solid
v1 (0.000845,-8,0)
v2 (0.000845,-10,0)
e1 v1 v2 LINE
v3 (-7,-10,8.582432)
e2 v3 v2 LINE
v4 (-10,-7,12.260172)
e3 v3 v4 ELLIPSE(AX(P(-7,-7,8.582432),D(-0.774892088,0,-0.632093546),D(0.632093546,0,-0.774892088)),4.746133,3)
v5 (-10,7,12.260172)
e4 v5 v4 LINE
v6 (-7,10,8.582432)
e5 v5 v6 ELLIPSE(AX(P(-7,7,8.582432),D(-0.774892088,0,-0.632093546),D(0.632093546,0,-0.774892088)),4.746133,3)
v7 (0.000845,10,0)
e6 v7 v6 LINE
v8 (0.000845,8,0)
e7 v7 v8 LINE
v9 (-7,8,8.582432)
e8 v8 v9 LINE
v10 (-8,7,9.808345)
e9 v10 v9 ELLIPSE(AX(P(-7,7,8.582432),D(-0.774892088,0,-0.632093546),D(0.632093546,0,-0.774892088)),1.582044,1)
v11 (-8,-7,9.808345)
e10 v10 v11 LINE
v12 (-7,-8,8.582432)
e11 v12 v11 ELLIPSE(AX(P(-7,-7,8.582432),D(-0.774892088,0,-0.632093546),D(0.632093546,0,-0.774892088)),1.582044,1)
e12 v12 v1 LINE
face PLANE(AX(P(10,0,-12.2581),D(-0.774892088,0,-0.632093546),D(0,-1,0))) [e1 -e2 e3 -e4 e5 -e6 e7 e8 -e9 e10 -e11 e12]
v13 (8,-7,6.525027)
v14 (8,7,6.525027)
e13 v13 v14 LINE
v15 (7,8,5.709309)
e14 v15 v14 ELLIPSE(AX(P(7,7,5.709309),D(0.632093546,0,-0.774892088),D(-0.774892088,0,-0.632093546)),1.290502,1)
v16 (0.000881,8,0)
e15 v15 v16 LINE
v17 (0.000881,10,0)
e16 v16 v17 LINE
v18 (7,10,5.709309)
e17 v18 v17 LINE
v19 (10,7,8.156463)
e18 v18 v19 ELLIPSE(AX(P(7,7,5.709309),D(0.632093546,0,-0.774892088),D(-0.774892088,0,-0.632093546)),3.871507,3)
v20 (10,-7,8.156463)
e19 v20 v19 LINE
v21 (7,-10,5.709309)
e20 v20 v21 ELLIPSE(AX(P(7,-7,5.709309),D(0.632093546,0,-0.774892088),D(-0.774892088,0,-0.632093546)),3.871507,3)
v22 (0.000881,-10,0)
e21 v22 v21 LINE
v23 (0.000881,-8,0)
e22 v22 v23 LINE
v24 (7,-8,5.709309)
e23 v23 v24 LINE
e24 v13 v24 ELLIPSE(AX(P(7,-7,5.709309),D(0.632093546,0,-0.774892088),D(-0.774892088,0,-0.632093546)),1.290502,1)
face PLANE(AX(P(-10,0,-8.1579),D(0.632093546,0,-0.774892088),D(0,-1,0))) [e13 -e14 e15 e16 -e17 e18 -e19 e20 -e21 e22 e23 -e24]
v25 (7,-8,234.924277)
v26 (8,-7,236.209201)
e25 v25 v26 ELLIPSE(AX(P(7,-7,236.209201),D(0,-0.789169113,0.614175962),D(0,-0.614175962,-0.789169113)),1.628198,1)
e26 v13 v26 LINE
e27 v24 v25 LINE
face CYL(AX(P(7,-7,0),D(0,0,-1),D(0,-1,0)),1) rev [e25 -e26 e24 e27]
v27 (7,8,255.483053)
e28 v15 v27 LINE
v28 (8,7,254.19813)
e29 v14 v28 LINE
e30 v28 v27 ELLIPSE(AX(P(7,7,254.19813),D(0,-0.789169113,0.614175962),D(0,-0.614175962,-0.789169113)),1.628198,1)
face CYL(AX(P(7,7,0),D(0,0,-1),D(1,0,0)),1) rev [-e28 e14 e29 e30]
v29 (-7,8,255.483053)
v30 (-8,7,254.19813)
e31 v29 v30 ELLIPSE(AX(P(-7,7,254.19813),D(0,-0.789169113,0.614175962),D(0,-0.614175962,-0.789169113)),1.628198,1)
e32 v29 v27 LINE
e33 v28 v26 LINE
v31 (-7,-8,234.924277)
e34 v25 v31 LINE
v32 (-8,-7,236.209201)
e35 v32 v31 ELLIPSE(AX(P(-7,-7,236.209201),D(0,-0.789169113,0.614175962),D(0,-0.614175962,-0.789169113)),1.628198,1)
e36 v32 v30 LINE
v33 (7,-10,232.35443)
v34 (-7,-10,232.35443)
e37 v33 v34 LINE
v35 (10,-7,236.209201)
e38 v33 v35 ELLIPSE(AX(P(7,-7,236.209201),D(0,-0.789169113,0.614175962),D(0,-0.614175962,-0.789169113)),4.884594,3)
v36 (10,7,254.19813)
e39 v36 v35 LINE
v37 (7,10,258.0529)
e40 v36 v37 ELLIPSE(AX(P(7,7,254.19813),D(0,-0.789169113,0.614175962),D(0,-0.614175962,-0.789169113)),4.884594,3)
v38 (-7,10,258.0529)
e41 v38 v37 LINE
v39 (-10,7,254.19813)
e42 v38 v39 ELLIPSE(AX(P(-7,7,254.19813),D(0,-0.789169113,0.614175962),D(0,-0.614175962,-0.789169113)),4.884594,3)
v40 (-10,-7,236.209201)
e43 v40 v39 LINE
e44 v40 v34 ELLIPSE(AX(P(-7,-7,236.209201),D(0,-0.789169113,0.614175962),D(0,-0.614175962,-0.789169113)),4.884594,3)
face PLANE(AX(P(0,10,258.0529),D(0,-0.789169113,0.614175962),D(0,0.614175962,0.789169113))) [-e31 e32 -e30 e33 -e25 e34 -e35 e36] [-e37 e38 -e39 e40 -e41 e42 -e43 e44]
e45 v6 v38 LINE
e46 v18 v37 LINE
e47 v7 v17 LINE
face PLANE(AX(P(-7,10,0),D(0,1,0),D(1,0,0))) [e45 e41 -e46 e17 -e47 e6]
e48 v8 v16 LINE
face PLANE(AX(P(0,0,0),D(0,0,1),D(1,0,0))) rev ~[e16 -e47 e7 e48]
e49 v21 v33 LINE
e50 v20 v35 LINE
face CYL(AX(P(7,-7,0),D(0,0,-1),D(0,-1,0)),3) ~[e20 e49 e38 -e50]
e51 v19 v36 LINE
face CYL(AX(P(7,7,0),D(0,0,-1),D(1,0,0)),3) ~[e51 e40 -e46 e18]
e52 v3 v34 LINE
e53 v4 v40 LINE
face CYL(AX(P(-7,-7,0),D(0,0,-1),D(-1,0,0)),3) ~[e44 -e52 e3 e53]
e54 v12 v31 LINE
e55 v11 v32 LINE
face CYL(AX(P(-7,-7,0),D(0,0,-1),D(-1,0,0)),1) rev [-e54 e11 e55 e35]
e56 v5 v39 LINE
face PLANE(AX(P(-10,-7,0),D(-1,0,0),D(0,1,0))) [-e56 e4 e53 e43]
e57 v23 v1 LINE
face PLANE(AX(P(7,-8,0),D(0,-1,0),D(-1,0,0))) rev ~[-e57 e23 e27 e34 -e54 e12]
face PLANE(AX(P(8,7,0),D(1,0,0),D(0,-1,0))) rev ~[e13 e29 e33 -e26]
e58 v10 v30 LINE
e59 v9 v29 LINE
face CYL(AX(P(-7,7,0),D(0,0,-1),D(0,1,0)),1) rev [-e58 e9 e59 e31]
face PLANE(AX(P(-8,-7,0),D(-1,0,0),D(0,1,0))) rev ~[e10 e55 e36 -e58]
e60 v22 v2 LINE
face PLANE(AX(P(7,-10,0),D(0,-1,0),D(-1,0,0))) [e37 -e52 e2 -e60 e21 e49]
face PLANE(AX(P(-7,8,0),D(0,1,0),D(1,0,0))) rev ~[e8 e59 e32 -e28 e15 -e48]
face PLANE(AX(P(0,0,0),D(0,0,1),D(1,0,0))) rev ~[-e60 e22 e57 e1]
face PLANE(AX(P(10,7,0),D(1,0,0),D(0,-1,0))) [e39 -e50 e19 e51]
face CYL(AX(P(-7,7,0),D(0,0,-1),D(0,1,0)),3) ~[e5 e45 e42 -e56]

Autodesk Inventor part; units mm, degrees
ref_plane "Start Plane" through (0, 0, 0) normal (0, 0, 1) x (1, 0, 0)
ref_plane "End Plane" through (0, 0, 258.0529) normal (0, 0, 1) x (1, 0, 0)
sketch "Sketch" plane through (0, 0, 0) normal (0, 0, 1) x (1, 0, 0)
  line L0 (-10, -7) -> (-10, 7)
  line L1 (-7, 10) -> (7, 10)
  line L2 (10, 7) -> (10, -7)
  line L3 (7, -10) -> (-7, -10)
  arc A0 (-10, -7) -> (-7, -10) centre (-7, -7) ccw
  arc A1 (-7, 10) -> (-10, 7) centre (-7, 7) ccw
  arc A2 (10, 7) -> (7, 10) centre (7, 7) ccw
  arc A3 (7, -10) -> (10, -7) centre (7, -7) ccw
  arc A4 (-7, 8) -> (-8, 7) centre (-7, 7) ccw
  line L4 (-7, 8) -> (7, 8)
  arc A5 (8, 7) -> (7, 8) centre (7, 7) ccw
  line L5 (8, 7) -> (8, -7)
  arc A6 (7, -8) -> (8, -7) centre (7, -7) ccw
  line L6 (7, -8) -> (-7, -8)
  arc A7 (-8, -7) -> (-7, -8) centre (-7, -7) ccw
  line L7 (-8, -7) -> (-8, 7)
  line L8 (0, 14.8698) -> (0, -14.8698) construction
  line L9 (-14.8698, 0) -> (14.8698, 0) construction
  dimension "d7" = 3
  dimension "d10" = 20
  dimension "d11" = 20
  dimension "d12" = 2
  dimension "d15" = 10
  dimension "d16" = 10
extrude "Body" add sketch "Sketch" along normal up to surface (258.0529 mm away) from surface at 0
sketch "Sketch3" plane through (0, 0, 0) normal (0, 0, 1) x (1, 0, 0)
  line L0 (0, 0) -> (10, 0)
ref_plane "Work Plane3" through (0, 0, 0) normal (0, -1, 0) x (1, 0, 0)
sketch "Sketch4" plane through (0, 0, 0) normal (0, -1, 0) x (1, 0, 0)
  line L0 (-2, 0) -> (12, 0)
  line L1 (-2, 258.0529) -> (12, 258.0529)
  dimension "d18" = 258.0529
ref_plane "Work Plane4" through (-10, 0, -8.1579) normal (0.6321, 0, -0.7749) x (-0.7749, 0, -0.6321)
split "Split1" plane through (-10, 0, -8.1579) removes the side toward (0.6321, 0, -0.7749)
ref_plane "Work Plane5" through (10, 0, -12.2581) normal (-0.7749, 0, -0.6321) x (-0.6321, 0, 0.7749)
split "Split2" plane through (10, 0, -12.2581) removes the side toward (-0.7749, 0, -0.6321)
ref_plane "Work Plane6" through (0, 10, 258.0529) normal (0, -0.7892, 0.6142) x (1, 0, 0)
split "Split3" plane through (0, 10, 258.0529) removes the side toward (0, -0.7892, 0.6142)
equation "\"d7\" = G_IR"
equation "\"d10\" = G_H"
equation "\"d11\" = G_W"
equation "\"d12\" = G_T"
equation "\"d15\" = 0.5 * d10"
equation "\"d16\" = 0.5 * d11"
equation "\"d3\" = G_L"
equation "\"G_W\" = 20"
equation "\"G_H\" = 20"
equation "\"G_T\" = 2"
equation "\"G_IR\" = 3"
equation "\"G_L\" = d18"
equation "\"G_OFFSET_START\" = 0"
equation "\"G_OFFSET_END\" = 12.84887"
equation "\"d14\" = G_OFFSET_END + B_L"
equation "\"B_L\" = 245.204"
properties part number "ISO 12633-2 - 20x20x2 - 258.05" material "Steel, Mild"
